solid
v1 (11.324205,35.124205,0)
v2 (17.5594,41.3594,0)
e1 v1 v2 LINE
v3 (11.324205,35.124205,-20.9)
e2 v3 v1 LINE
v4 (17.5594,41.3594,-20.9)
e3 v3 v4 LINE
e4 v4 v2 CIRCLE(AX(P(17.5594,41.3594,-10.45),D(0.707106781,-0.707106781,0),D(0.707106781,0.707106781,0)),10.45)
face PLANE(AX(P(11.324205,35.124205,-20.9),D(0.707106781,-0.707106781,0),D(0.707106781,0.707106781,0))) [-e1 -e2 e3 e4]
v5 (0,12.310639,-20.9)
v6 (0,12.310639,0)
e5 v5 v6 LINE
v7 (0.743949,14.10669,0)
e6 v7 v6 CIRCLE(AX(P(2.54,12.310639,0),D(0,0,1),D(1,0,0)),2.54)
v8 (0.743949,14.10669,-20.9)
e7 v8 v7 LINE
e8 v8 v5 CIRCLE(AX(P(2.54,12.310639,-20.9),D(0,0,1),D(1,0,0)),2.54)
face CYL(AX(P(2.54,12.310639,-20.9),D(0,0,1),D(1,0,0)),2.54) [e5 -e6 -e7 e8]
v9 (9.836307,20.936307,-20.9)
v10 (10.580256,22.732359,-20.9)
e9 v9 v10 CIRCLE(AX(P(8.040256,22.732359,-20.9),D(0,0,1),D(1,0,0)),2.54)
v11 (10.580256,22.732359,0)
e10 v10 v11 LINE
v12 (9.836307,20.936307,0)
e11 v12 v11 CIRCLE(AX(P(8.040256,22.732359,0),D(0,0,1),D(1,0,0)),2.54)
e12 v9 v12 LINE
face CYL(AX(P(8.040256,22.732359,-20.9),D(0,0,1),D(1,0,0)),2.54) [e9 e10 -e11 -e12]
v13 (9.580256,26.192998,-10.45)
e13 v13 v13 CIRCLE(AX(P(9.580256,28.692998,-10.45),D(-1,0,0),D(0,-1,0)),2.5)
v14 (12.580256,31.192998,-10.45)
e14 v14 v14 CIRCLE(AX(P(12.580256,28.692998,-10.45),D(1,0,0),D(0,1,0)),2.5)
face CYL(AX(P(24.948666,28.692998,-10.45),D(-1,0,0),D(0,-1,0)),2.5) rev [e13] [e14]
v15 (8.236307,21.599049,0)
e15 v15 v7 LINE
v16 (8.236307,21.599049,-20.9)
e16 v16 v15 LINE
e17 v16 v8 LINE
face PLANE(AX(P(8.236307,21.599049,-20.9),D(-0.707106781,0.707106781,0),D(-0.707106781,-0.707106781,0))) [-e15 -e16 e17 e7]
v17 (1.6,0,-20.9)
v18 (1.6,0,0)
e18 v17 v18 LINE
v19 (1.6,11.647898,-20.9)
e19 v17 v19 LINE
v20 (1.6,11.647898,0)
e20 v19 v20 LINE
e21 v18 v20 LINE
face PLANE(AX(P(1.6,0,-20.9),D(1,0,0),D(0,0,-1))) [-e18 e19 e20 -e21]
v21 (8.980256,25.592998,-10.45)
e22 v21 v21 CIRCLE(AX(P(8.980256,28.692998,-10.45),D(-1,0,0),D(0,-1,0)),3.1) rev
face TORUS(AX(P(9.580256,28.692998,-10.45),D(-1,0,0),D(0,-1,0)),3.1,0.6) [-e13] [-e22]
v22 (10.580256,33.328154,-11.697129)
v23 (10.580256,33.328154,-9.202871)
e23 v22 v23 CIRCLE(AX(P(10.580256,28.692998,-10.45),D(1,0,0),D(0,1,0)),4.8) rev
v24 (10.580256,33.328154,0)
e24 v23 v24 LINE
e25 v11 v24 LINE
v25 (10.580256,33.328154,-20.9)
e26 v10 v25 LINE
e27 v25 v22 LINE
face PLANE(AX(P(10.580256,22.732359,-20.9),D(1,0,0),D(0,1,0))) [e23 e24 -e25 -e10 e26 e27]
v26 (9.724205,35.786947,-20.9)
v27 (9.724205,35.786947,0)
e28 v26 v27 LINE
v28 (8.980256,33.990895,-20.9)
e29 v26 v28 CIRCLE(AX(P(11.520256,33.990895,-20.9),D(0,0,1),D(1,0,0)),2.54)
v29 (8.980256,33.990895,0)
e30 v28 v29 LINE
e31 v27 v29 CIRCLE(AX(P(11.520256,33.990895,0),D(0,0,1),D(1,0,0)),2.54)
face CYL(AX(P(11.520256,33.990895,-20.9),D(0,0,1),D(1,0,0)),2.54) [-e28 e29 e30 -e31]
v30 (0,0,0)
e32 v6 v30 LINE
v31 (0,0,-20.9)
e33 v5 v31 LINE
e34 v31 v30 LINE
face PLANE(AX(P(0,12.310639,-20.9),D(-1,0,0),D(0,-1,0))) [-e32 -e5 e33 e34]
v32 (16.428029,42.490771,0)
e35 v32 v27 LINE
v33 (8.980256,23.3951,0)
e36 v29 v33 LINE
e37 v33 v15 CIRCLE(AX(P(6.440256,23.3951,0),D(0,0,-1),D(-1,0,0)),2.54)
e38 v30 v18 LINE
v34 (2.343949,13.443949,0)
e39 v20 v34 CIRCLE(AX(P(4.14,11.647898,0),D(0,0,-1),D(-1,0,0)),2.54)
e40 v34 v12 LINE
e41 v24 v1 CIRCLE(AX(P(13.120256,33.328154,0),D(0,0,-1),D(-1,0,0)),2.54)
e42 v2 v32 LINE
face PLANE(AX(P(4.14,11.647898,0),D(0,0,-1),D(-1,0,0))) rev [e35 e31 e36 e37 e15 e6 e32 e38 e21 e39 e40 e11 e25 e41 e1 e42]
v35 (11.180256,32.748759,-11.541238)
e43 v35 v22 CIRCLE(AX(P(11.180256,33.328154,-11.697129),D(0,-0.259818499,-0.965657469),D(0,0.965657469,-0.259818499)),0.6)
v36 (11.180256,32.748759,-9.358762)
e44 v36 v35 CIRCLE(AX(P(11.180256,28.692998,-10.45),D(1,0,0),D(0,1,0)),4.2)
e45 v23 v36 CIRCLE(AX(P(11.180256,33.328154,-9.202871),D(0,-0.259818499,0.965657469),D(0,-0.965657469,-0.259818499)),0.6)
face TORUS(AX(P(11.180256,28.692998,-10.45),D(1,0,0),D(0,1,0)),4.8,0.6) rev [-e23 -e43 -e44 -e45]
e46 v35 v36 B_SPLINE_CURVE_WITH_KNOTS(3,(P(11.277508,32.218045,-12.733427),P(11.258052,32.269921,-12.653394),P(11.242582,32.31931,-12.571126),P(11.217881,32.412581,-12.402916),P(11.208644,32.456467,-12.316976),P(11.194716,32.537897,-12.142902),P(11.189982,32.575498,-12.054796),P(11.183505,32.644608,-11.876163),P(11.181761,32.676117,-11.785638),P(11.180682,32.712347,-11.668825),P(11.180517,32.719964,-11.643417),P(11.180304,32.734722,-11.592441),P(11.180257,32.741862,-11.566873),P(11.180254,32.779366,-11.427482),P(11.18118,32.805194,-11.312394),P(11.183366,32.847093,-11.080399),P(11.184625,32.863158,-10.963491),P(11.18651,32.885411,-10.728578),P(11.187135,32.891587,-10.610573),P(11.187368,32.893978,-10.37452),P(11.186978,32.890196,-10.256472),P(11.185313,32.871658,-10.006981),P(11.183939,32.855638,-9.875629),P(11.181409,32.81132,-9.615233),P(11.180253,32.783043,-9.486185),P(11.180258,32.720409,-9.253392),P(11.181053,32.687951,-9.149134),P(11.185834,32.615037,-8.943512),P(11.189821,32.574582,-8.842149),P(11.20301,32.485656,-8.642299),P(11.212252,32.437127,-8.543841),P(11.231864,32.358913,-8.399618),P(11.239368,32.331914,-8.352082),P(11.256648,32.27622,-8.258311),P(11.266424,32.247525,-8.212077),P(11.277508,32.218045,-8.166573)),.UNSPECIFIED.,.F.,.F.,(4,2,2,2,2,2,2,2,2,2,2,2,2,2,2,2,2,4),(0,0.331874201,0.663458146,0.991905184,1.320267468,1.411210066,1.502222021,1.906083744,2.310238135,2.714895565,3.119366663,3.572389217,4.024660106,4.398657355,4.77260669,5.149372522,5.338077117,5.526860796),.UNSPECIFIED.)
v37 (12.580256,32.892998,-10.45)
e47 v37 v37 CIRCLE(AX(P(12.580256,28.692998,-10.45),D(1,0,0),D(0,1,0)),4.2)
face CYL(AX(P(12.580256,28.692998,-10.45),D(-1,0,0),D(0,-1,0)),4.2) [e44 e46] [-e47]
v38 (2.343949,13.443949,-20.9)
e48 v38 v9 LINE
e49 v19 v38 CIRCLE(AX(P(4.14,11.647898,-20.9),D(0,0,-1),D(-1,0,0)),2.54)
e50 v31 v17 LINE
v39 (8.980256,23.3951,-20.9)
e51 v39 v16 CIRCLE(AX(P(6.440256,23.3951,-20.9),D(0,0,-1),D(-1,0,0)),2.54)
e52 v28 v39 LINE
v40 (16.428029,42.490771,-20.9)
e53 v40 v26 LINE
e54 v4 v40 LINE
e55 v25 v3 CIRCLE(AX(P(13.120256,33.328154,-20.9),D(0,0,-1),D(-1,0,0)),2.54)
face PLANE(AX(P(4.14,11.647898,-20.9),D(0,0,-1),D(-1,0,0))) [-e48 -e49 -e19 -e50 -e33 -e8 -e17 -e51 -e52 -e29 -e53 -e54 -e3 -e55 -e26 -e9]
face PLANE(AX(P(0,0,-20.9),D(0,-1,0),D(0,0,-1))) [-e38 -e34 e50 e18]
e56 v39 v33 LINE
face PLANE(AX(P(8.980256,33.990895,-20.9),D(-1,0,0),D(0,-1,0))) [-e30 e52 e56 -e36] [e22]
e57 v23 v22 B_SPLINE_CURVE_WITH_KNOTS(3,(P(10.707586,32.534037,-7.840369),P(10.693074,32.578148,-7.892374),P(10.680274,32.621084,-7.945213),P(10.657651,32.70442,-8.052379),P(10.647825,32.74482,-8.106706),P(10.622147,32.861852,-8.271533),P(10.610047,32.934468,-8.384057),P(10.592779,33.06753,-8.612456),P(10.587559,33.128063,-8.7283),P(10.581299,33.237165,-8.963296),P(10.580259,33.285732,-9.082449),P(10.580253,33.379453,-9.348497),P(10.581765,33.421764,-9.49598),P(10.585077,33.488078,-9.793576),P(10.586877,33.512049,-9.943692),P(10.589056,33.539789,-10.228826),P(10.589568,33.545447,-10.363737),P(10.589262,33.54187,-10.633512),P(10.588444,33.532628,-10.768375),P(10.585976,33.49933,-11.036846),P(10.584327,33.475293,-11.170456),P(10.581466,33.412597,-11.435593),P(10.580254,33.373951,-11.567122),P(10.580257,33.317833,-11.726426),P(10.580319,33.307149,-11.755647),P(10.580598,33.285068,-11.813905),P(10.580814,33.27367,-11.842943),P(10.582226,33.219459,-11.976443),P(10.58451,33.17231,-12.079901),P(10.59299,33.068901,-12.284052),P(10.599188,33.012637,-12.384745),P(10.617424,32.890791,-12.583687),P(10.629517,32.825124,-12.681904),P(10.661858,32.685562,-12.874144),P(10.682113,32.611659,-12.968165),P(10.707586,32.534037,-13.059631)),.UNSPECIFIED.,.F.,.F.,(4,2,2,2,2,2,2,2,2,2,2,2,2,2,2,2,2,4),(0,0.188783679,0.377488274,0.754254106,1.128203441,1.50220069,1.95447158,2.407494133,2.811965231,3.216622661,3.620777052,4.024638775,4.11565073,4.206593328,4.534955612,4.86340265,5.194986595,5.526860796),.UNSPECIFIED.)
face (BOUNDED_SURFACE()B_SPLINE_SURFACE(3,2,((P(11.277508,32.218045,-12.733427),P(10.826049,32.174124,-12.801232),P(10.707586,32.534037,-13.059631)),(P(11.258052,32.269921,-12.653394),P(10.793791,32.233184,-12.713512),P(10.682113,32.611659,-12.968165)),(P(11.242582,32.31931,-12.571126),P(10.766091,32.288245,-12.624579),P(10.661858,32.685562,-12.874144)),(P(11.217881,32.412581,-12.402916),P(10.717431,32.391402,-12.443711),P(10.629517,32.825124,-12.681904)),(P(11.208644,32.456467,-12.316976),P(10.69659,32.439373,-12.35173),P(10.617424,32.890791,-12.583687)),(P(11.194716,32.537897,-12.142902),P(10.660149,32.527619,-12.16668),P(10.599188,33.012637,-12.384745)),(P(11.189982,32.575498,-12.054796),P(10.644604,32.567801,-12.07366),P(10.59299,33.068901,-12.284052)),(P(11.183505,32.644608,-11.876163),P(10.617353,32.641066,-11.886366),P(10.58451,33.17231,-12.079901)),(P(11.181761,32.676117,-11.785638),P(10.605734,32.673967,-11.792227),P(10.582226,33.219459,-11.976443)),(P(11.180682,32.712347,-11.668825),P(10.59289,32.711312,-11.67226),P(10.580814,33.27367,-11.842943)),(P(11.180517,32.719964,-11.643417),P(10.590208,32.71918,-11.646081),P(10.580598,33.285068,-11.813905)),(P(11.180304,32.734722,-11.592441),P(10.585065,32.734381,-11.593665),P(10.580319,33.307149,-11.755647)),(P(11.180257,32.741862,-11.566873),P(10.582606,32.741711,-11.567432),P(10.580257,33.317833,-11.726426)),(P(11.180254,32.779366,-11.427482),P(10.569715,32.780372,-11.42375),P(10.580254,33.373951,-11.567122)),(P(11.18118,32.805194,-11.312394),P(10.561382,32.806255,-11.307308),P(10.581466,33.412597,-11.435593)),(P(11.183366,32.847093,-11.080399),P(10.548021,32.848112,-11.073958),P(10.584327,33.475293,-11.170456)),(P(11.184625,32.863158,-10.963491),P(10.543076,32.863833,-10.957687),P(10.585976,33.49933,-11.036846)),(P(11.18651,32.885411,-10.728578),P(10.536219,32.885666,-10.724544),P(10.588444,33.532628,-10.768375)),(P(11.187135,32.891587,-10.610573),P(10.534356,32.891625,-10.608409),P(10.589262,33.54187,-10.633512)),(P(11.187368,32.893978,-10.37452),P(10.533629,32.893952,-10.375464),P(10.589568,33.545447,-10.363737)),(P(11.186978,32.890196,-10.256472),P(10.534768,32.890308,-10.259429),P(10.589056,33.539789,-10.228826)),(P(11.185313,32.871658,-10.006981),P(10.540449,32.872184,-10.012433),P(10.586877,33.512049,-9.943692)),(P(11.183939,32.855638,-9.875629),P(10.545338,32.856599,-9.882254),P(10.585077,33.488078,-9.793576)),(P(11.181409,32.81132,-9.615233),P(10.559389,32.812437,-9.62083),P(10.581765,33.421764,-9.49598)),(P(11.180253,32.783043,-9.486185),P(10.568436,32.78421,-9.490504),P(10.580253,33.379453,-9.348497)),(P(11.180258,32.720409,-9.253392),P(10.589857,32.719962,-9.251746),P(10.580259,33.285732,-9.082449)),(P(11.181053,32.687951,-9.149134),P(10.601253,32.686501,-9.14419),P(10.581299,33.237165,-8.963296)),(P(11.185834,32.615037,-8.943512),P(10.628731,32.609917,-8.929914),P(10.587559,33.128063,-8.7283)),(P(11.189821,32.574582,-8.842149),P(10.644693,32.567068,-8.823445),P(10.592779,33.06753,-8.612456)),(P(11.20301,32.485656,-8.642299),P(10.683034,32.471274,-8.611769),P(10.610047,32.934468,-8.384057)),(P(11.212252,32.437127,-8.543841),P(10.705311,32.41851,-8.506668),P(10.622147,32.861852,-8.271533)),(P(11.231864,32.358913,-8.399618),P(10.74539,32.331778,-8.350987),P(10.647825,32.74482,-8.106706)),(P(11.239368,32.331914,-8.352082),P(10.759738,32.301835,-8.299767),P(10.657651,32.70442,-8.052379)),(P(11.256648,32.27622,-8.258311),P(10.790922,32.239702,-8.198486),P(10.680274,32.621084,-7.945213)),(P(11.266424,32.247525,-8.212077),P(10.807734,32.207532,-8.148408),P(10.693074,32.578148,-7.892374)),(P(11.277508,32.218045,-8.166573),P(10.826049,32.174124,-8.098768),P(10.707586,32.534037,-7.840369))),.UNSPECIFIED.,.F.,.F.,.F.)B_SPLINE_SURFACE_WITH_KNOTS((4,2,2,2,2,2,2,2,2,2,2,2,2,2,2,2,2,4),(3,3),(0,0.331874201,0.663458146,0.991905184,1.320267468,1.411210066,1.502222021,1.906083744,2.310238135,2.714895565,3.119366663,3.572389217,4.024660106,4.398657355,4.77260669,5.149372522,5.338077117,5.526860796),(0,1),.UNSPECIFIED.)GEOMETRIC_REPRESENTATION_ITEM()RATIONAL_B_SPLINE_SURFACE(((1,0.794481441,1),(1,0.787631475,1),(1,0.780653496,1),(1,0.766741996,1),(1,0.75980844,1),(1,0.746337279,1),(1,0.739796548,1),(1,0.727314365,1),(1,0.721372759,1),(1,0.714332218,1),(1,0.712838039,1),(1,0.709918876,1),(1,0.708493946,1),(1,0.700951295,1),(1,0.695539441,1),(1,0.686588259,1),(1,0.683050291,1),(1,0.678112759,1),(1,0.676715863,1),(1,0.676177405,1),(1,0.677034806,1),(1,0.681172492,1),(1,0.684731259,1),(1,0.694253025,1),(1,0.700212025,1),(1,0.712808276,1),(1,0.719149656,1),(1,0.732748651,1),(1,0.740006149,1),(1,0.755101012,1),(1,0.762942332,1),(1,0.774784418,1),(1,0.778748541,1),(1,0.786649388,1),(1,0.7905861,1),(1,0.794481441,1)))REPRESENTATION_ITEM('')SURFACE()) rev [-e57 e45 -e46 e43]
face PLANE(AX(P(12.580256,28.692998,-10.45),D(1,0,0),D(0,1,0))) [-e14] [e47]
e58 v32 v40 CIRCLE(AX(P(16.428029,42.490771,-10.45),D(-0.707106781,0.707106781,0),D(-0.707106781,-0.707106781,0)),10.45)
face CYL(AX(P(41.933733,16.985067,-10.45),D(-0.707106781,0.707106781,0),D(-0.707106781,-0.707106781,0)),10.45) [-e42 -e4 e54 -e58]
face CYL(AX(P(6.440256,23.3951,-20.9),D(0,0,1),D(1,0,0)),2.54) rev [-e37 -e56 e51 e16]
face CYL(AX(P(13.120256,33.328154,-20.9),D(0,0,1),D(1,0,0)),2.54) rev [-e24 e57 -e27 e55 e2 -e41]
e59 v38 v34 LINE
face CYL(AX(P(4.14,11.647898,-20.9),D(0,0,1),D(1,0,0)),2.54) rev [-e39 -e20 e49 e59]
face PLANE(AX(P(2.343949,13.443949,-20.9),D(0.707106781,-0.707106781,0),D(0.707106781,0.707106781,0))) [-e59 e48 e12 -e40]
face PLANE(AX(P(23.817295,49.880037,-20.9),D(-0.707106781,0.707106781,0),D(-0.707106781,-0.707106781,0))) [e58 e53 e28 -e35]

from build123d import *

# Parameters (mm, degrees)
BOSS_EXTRUDE1_DEPTH = 20.9
CUT_EXTRUDE1_DEPTH  = 57.895670946
SKETCH4_R           = 2.5
CUT_EXTRUDE2_DEPTH  = 57.389876565
SKETCH5_R           = 4.2
SKETCH5_R_2         = 2.5
BOSS_EXTRUDE2_DEPTH = 2
FILLET1_R           = 0.6


with BuildPart() as part:
    # Sketch1 → Boss-Extrude1 (new body)
    with BuildSketch(Plane.XY):
        with BuildLine():
            Line((1.6, 0), (1.6, 11.647897552))
            ThreePointArc((1.6, 11.647897552), (1.793345987, 12.61991347), (2.343948776, 13.443948776))
            Line((2.343948776, 13.443948776), (9.836307345, 20.936307345))
            ThreePointArc((9.836307345, 20.936307345), (10.386910134, 21.760342651), (10.580256121, 22.732358569))
            Line((10.580256121, 22.732358569), (10.580256121, 33.328153673))
            ThreePointArc((10.580256121, 33.328153673), (10.773602108, 34.300169591), (11.324204897, 35.124204897))
            Line((11.324204897, 35.124204897), (24.948665915, 48.748665915))
            Line((24.948665915, 48.748665915), (23.817295065, 49.880036765))
            Line((23.817295065, 49.880036765), (9.724204897, 35.786946597))
            ThreePointArc((9.724204897, 35.786946597), (9.173602108, 34.962911291), (8.980256121, 33.990895372))
            Line((8.980256121, 33.990895372), (8.980256121, 23.395100269))
            ThreePointArc((8.980256121, 23.395100269), (8.786910134, 22.423084351), (8.236307345, 21.599049045))
            Line((8.236307345, 21.599049045), (0.743948776, 14.106690476))
            ThreePointArc((0.743948776, 14.106690476), (0.193345987, 13.28265517), (0, 12.310639251))
            Line((0, 12.310639251), (0, 0))
            Line((0, 0), (1.6, 0))
        make_face()
    extrude(amount=-BOSS_EXTRUDE1_DEPTH)

    # Sketch3 → Cut-Extrude1 (cut, through all)
    with BuildSketch(Plane(origin=(-13.03137085, 13.03137085, 0), x_dir=(0, 0, 1), z_dir=(-0.7071067811865472, 0.7071067811865479, 0))):
        with BuildLine():
            ThreePointArc((-20.9, 41.661883092), (-17.839265863, 49.051148955), (-10.45, 52.111883092))
            Line((-10.45, 52.111883092), (-20.9, 52.111883092))
            Line((-20.9, 52.111883092), (-20.9, 41.661883092))
        make_face()
        with BuildLine():
            ThreePointArc((-10.45, 52.111883092), (-3.060734137, 49.051148955), (0, 41.661883092))
            Line((0, 41.661883092), (0, 52.111883092))
            Line((0, 52.111883092), (-10.45, 52.111883092))
        make_face()
    extrude(amount=-CUT_EXTRUDE1_DEPTH, mode=Mode.SUBTRACT)

    # Sketch4 → Cut-Extrude2 (cut, through all)
    with BuildSketch(Plane.ZY.offset(-8.980256121)):
        with Locations(Location((-10.45, 28.692997821, 0), (0, 0, 270))):
            Circle(SKETCH4_R)
    extrude(amount=-CUT_EXTRUDE2_DEPTH, mode=Mode.SUBTRACT)

    # Sketch5 → Boss-Extrude2 (add)
    with BuildSketch(Plane(origin=(10.580256121, 0, 0), x_dir=(0, 0, -1), z_dir=(1, 0, 0))):
        with Locations(Location((10.45, 28.692997821, 0), (0, 0, 90))):
            Circle(SKETCH5_R)
        with Locations(Location((10.45, 28.692997821, 0), (0, 0, 270))):
            Circle(SKETCH5_R_2, mode=Mode.SUBTRACT)
    extrude(amount=BOSS_EXTRUDE2_DEPTH)

    # Fillet1
    fillet1_edges = [part.edges().sort_by_distance(p)[0] for p in [
        (8.980256121, 31.192997821, -10.45),
        (10.580256121, 24.492997821, -10.45),
    ]]
    fillet(fillet1_edges, radius=FILLET1_R)


solid = part.part
